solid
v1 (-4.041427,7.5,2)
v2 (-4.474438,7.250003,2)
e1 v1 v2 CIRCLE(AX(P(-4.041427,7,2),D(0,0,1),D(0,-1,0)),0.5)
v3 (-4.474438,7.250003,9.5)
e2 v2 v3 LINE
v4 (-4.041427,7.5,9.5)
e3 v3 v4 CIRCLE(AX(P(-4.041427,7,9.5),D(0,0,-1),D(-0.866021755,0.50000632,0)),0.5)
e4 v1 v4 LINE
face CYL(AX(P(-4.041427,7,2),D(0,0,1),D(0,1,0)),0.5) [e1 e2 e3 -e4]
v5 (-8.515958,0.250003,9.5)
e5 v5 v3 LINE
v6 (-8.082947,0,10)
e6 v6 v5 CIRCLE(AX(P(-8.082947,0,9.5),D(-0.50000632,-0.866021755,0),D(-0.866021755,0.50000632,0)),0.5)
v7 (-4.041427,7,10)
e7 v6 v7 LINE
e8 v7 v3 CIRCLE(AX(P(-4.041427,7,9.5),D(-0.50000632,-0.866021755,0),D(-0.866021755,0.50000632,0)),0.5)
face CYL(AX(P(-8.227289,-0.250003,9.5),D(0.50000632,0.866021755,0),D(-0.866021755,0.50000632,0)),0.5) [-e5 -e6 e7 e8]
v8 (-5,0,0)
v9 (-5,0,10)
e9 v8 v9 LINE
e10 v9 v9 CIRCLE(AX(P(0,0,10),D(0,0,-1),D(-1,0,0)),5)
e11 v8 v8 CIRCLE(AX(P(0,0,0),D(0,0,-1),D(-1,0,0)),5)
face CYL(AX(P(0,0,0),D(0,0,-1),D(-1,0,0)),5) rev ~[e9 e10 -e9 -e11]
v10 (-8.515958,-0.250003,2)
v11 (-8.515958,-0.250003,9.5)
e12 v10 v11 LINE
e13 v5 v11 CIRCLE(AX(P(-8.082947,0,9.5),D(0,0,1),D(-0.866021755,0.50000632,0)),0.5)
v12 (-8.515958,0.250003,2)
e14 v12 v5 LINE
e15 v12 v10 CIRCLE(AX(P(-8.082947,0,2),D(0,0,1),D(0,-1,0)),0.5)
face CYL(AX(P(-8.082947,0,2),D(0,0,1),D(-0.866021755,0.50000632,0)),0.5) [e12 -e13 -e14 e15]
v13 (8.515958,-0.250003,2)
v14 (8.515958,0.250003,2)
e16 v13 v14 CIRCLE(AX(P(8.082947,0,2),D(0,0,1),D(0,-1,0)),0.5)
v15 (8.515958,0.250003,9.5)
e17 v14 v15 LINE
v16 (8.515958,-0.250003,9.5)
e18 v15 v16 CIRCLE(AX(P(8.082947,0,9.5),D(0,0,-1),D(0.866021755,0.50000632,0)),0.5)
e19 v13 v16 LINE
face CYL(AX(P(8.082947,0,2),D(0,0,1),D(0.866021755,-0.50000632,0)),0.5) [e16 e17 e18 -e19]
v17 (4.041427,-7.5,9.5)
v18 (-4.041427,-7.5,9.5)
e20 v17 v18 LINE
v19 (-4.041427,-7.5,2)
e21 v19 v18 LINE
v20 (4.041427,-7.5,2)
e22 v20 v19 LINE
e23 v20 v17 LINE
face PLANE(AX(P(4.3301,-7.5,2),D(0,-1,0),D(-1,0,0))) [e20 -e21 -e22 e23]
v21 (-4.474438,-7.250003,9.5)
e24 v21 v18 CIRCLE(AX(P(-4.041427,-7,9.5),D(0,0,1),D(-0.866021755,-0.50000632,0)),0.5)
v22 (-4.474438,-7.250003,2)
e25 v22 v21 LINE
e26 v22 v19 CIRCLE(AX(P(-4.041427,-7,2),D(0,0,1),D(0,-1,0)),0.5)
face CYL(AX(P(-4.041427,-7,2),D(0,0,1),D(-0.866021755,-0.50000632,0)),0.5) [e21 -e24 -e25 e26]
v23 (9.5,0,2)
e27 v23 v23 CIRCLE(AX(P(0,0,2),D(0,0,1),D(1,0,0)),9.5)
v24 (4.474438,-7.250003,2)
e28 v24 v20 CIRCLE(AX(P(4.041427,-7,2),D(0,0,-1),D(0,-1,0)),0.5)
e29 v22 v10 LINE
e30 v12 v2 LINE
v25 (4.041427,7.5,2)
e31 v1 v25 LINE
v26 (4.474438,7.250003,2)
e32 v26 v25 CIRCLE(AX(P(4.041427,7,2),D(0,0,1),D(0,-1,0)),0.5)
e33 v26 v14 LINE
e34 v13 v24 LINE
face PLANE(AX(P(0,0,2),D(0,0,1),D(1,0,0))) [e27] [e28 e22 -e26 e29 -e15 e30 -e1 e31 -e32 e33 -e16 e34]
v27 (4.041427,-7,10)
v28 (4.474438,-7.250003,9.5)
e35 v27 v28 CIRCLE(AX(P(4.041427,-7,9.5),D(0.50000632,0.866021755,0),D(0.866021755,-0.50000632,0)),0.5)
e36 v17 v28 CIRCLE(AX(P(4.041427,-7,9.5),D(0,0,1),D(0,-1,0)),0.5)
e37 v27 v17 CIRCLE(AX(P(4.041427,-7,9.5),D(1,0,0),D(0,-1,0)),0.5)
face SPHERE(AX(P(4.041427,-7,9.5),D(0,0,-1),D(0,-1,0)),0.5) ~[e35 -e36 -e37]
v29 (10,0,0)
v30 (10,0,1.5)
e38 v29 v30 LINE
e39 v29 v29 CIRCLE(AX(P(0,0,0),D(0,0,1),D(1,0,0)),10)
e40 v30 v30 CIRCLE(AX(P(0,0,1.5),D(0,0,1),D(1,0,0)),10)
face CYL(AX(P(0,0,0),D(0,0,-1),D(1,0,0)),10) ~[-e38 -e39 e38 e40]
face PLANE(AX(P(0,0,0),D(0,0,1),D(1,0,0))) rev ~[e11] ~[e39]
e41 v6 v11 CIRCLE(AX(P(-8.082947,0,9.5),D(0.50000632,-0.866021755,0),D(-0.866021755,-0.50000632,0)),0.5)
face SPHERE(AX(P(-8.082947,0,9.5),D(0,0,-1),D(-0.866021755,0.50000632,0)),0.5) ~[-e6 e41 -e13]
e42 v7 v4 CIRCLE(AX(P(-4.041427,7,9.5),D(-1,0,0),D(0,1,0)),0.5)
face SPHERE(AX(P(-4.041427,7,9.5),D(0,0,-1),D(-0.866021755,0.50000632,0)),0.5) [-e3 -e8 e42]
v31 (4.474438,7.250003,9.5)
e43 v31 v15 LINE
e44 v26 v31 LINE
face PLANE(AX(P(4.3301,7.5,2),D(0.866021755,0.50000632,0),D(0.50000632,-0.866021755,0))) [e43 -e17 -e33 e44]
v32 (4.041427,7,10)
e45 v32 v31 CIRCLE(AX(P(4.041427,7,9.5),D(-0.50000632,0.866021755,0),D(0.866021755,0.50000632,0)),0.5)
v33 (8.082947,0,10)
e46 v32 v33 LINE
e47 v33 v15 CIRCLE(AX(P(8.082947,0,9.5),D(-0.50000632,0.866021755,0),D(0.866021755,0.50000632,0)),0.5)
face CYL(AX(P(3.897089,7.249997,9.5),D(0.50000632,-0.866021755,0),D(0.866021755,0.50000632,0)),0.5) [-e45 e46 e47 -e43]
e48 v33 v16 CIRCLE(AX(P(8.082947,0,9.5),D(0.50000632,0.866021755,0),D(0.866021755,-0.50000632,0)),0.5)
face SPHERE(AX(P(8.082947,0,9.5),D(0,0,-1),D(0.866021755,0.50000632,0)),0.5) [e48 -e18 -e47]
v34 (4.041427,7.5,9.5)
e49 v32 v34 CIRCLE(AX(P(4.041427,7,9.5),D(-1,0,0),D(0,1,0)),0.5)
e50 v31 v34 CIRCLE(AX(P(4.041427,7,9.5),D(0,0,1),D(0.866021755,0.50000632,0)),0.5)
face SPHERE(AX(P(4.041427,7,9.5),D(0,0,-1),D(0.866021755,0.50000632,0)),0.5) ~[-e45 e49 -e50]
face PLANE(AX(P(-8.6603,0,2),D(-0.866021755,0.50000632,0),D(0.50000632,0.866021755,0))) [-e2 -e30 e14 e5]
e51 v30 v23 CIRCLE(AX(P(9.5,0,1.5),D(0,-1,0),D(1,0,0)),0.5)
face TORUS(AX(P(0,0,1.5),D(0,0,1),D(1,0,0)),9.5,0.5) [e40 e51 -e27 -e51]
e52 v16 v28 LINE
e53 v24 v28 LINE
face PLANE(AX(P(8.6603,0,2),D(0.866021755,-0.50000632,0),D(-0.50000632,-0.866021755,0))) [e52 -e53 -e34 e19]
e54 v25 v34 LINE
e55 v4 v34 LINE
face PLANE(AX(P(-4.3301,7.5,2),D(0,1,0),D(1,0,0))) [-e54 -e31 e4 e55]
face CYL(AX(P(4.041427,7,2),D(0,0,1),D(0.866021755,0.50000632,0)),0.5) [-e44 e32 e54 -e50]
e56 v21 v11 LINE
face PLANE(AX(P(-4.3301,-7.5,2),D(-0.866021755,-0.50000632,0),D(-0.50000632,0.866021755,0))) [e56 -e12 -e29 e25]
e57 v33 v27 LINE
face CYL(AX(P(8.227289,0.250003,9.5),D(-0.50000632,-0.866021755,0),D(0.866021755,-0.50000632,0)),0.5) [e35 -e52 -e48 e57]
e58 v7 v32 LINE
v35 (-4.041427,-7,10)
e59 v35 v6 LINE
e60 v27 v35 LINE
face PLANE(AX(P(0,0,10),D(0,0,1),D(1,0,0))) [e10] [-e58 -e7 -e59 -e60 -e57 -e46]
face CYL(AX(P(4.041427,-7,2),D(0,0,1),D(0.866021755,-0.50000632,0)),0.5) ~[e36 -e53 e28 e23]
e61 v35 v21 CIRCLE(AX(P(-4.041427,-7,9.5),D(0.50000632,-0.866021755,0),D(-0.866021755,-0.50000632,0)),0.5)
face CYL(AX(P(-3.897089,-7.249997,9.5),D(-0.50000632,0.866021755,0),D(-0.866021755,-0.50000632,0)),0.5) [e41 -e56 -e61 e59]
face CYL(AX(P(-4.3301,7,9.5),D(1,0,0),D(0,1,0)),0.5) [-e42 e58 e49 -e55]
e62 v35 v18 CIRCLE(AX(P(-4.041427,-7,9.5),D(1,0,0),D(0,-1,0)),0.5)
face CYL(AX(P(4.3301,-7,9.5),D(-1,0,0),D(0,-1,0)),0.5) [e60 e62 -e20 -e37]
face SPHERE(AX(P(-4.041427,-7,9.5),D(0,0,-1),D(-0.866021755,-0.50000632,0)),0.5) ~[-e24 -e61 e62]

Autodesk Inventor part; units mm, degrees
ref_plane "YZ Plane" through (0, 0, 0) normal (1, 0, 0) x (0, 1, 0)
ref_plane "XZ Plane" through (0, 0, 0) normal (0, 1, 0) x (-1, 0, 0)
ref_plane "XY Plane" through (0, 0, 0) normal (0, 0, 1) x (1, 0, 0)
sketch "草图1" plane through (0, 0, 0) normal (0, 0, 1) x (1, 0, 0)
  circle A0 centre (0, 0) radius 10
  dimension "d0" = 20
extrude "拉伸1" add sketch "草图1" along normal blind 2
sketch "草图2" plane through (0, 0, 2) normal (0, 0, 1) x (1, 0, 0)
  line L0 (4.3301, -7.5) -> (-4.3301, -7.5)
  line L1 (-4.3301, -7.5) -> (-8.6603, 0)
  line L2 (-8.6603, 0) -> (-4.3301, 7.5)
  line L3 (-4.3301, 7.5) -> (4.3301, 7.5)
  line L4 (4.3301, 7.5) -> (8.6603, 0)
  line L5 (8.6603, 0) -> (4.3301, -7.5)
  line L6 (0, 0) -> (0, 2.6407)
  point P0 (0, 7.5)
  dimension "d3" = 2.6407
  dimension "d4" = 15
extrude "拉伸2" add sketch "草图2" along normal blind 8
fillet "圆角1" radius 0.5 13 edges at (-10, 0, 2) (0, 7.5, 10) (4.3301, 7.5, 6) (-4.3301, 7.5, 6) (-6.4952, 3.75, 10) (6.4952, 3.75, 10) (-6.4952, -3.75, 10) (0, -7.5, 10) (6.4952, -3.75, 10) (8.6603, 0, 6) (4.3301, -7.5, 6) (-4.3301, -7.5, 6) (-8.6603, 0, 6)
sketch "草图3" plane through (0, 0, 0) normal (0, 0, -1) x (-1, 0, 0)
  circle A0 centre (0, 0) radius 5
  dimension "d8" = 10
extrude "拉伸3" cut sketch "草图3" against normal through all
thread "螺纹1" size "M10x1.5" class "6H" standard "ANSI Metric M Profile" full length
properties part number "托带轮固定螺丝"
